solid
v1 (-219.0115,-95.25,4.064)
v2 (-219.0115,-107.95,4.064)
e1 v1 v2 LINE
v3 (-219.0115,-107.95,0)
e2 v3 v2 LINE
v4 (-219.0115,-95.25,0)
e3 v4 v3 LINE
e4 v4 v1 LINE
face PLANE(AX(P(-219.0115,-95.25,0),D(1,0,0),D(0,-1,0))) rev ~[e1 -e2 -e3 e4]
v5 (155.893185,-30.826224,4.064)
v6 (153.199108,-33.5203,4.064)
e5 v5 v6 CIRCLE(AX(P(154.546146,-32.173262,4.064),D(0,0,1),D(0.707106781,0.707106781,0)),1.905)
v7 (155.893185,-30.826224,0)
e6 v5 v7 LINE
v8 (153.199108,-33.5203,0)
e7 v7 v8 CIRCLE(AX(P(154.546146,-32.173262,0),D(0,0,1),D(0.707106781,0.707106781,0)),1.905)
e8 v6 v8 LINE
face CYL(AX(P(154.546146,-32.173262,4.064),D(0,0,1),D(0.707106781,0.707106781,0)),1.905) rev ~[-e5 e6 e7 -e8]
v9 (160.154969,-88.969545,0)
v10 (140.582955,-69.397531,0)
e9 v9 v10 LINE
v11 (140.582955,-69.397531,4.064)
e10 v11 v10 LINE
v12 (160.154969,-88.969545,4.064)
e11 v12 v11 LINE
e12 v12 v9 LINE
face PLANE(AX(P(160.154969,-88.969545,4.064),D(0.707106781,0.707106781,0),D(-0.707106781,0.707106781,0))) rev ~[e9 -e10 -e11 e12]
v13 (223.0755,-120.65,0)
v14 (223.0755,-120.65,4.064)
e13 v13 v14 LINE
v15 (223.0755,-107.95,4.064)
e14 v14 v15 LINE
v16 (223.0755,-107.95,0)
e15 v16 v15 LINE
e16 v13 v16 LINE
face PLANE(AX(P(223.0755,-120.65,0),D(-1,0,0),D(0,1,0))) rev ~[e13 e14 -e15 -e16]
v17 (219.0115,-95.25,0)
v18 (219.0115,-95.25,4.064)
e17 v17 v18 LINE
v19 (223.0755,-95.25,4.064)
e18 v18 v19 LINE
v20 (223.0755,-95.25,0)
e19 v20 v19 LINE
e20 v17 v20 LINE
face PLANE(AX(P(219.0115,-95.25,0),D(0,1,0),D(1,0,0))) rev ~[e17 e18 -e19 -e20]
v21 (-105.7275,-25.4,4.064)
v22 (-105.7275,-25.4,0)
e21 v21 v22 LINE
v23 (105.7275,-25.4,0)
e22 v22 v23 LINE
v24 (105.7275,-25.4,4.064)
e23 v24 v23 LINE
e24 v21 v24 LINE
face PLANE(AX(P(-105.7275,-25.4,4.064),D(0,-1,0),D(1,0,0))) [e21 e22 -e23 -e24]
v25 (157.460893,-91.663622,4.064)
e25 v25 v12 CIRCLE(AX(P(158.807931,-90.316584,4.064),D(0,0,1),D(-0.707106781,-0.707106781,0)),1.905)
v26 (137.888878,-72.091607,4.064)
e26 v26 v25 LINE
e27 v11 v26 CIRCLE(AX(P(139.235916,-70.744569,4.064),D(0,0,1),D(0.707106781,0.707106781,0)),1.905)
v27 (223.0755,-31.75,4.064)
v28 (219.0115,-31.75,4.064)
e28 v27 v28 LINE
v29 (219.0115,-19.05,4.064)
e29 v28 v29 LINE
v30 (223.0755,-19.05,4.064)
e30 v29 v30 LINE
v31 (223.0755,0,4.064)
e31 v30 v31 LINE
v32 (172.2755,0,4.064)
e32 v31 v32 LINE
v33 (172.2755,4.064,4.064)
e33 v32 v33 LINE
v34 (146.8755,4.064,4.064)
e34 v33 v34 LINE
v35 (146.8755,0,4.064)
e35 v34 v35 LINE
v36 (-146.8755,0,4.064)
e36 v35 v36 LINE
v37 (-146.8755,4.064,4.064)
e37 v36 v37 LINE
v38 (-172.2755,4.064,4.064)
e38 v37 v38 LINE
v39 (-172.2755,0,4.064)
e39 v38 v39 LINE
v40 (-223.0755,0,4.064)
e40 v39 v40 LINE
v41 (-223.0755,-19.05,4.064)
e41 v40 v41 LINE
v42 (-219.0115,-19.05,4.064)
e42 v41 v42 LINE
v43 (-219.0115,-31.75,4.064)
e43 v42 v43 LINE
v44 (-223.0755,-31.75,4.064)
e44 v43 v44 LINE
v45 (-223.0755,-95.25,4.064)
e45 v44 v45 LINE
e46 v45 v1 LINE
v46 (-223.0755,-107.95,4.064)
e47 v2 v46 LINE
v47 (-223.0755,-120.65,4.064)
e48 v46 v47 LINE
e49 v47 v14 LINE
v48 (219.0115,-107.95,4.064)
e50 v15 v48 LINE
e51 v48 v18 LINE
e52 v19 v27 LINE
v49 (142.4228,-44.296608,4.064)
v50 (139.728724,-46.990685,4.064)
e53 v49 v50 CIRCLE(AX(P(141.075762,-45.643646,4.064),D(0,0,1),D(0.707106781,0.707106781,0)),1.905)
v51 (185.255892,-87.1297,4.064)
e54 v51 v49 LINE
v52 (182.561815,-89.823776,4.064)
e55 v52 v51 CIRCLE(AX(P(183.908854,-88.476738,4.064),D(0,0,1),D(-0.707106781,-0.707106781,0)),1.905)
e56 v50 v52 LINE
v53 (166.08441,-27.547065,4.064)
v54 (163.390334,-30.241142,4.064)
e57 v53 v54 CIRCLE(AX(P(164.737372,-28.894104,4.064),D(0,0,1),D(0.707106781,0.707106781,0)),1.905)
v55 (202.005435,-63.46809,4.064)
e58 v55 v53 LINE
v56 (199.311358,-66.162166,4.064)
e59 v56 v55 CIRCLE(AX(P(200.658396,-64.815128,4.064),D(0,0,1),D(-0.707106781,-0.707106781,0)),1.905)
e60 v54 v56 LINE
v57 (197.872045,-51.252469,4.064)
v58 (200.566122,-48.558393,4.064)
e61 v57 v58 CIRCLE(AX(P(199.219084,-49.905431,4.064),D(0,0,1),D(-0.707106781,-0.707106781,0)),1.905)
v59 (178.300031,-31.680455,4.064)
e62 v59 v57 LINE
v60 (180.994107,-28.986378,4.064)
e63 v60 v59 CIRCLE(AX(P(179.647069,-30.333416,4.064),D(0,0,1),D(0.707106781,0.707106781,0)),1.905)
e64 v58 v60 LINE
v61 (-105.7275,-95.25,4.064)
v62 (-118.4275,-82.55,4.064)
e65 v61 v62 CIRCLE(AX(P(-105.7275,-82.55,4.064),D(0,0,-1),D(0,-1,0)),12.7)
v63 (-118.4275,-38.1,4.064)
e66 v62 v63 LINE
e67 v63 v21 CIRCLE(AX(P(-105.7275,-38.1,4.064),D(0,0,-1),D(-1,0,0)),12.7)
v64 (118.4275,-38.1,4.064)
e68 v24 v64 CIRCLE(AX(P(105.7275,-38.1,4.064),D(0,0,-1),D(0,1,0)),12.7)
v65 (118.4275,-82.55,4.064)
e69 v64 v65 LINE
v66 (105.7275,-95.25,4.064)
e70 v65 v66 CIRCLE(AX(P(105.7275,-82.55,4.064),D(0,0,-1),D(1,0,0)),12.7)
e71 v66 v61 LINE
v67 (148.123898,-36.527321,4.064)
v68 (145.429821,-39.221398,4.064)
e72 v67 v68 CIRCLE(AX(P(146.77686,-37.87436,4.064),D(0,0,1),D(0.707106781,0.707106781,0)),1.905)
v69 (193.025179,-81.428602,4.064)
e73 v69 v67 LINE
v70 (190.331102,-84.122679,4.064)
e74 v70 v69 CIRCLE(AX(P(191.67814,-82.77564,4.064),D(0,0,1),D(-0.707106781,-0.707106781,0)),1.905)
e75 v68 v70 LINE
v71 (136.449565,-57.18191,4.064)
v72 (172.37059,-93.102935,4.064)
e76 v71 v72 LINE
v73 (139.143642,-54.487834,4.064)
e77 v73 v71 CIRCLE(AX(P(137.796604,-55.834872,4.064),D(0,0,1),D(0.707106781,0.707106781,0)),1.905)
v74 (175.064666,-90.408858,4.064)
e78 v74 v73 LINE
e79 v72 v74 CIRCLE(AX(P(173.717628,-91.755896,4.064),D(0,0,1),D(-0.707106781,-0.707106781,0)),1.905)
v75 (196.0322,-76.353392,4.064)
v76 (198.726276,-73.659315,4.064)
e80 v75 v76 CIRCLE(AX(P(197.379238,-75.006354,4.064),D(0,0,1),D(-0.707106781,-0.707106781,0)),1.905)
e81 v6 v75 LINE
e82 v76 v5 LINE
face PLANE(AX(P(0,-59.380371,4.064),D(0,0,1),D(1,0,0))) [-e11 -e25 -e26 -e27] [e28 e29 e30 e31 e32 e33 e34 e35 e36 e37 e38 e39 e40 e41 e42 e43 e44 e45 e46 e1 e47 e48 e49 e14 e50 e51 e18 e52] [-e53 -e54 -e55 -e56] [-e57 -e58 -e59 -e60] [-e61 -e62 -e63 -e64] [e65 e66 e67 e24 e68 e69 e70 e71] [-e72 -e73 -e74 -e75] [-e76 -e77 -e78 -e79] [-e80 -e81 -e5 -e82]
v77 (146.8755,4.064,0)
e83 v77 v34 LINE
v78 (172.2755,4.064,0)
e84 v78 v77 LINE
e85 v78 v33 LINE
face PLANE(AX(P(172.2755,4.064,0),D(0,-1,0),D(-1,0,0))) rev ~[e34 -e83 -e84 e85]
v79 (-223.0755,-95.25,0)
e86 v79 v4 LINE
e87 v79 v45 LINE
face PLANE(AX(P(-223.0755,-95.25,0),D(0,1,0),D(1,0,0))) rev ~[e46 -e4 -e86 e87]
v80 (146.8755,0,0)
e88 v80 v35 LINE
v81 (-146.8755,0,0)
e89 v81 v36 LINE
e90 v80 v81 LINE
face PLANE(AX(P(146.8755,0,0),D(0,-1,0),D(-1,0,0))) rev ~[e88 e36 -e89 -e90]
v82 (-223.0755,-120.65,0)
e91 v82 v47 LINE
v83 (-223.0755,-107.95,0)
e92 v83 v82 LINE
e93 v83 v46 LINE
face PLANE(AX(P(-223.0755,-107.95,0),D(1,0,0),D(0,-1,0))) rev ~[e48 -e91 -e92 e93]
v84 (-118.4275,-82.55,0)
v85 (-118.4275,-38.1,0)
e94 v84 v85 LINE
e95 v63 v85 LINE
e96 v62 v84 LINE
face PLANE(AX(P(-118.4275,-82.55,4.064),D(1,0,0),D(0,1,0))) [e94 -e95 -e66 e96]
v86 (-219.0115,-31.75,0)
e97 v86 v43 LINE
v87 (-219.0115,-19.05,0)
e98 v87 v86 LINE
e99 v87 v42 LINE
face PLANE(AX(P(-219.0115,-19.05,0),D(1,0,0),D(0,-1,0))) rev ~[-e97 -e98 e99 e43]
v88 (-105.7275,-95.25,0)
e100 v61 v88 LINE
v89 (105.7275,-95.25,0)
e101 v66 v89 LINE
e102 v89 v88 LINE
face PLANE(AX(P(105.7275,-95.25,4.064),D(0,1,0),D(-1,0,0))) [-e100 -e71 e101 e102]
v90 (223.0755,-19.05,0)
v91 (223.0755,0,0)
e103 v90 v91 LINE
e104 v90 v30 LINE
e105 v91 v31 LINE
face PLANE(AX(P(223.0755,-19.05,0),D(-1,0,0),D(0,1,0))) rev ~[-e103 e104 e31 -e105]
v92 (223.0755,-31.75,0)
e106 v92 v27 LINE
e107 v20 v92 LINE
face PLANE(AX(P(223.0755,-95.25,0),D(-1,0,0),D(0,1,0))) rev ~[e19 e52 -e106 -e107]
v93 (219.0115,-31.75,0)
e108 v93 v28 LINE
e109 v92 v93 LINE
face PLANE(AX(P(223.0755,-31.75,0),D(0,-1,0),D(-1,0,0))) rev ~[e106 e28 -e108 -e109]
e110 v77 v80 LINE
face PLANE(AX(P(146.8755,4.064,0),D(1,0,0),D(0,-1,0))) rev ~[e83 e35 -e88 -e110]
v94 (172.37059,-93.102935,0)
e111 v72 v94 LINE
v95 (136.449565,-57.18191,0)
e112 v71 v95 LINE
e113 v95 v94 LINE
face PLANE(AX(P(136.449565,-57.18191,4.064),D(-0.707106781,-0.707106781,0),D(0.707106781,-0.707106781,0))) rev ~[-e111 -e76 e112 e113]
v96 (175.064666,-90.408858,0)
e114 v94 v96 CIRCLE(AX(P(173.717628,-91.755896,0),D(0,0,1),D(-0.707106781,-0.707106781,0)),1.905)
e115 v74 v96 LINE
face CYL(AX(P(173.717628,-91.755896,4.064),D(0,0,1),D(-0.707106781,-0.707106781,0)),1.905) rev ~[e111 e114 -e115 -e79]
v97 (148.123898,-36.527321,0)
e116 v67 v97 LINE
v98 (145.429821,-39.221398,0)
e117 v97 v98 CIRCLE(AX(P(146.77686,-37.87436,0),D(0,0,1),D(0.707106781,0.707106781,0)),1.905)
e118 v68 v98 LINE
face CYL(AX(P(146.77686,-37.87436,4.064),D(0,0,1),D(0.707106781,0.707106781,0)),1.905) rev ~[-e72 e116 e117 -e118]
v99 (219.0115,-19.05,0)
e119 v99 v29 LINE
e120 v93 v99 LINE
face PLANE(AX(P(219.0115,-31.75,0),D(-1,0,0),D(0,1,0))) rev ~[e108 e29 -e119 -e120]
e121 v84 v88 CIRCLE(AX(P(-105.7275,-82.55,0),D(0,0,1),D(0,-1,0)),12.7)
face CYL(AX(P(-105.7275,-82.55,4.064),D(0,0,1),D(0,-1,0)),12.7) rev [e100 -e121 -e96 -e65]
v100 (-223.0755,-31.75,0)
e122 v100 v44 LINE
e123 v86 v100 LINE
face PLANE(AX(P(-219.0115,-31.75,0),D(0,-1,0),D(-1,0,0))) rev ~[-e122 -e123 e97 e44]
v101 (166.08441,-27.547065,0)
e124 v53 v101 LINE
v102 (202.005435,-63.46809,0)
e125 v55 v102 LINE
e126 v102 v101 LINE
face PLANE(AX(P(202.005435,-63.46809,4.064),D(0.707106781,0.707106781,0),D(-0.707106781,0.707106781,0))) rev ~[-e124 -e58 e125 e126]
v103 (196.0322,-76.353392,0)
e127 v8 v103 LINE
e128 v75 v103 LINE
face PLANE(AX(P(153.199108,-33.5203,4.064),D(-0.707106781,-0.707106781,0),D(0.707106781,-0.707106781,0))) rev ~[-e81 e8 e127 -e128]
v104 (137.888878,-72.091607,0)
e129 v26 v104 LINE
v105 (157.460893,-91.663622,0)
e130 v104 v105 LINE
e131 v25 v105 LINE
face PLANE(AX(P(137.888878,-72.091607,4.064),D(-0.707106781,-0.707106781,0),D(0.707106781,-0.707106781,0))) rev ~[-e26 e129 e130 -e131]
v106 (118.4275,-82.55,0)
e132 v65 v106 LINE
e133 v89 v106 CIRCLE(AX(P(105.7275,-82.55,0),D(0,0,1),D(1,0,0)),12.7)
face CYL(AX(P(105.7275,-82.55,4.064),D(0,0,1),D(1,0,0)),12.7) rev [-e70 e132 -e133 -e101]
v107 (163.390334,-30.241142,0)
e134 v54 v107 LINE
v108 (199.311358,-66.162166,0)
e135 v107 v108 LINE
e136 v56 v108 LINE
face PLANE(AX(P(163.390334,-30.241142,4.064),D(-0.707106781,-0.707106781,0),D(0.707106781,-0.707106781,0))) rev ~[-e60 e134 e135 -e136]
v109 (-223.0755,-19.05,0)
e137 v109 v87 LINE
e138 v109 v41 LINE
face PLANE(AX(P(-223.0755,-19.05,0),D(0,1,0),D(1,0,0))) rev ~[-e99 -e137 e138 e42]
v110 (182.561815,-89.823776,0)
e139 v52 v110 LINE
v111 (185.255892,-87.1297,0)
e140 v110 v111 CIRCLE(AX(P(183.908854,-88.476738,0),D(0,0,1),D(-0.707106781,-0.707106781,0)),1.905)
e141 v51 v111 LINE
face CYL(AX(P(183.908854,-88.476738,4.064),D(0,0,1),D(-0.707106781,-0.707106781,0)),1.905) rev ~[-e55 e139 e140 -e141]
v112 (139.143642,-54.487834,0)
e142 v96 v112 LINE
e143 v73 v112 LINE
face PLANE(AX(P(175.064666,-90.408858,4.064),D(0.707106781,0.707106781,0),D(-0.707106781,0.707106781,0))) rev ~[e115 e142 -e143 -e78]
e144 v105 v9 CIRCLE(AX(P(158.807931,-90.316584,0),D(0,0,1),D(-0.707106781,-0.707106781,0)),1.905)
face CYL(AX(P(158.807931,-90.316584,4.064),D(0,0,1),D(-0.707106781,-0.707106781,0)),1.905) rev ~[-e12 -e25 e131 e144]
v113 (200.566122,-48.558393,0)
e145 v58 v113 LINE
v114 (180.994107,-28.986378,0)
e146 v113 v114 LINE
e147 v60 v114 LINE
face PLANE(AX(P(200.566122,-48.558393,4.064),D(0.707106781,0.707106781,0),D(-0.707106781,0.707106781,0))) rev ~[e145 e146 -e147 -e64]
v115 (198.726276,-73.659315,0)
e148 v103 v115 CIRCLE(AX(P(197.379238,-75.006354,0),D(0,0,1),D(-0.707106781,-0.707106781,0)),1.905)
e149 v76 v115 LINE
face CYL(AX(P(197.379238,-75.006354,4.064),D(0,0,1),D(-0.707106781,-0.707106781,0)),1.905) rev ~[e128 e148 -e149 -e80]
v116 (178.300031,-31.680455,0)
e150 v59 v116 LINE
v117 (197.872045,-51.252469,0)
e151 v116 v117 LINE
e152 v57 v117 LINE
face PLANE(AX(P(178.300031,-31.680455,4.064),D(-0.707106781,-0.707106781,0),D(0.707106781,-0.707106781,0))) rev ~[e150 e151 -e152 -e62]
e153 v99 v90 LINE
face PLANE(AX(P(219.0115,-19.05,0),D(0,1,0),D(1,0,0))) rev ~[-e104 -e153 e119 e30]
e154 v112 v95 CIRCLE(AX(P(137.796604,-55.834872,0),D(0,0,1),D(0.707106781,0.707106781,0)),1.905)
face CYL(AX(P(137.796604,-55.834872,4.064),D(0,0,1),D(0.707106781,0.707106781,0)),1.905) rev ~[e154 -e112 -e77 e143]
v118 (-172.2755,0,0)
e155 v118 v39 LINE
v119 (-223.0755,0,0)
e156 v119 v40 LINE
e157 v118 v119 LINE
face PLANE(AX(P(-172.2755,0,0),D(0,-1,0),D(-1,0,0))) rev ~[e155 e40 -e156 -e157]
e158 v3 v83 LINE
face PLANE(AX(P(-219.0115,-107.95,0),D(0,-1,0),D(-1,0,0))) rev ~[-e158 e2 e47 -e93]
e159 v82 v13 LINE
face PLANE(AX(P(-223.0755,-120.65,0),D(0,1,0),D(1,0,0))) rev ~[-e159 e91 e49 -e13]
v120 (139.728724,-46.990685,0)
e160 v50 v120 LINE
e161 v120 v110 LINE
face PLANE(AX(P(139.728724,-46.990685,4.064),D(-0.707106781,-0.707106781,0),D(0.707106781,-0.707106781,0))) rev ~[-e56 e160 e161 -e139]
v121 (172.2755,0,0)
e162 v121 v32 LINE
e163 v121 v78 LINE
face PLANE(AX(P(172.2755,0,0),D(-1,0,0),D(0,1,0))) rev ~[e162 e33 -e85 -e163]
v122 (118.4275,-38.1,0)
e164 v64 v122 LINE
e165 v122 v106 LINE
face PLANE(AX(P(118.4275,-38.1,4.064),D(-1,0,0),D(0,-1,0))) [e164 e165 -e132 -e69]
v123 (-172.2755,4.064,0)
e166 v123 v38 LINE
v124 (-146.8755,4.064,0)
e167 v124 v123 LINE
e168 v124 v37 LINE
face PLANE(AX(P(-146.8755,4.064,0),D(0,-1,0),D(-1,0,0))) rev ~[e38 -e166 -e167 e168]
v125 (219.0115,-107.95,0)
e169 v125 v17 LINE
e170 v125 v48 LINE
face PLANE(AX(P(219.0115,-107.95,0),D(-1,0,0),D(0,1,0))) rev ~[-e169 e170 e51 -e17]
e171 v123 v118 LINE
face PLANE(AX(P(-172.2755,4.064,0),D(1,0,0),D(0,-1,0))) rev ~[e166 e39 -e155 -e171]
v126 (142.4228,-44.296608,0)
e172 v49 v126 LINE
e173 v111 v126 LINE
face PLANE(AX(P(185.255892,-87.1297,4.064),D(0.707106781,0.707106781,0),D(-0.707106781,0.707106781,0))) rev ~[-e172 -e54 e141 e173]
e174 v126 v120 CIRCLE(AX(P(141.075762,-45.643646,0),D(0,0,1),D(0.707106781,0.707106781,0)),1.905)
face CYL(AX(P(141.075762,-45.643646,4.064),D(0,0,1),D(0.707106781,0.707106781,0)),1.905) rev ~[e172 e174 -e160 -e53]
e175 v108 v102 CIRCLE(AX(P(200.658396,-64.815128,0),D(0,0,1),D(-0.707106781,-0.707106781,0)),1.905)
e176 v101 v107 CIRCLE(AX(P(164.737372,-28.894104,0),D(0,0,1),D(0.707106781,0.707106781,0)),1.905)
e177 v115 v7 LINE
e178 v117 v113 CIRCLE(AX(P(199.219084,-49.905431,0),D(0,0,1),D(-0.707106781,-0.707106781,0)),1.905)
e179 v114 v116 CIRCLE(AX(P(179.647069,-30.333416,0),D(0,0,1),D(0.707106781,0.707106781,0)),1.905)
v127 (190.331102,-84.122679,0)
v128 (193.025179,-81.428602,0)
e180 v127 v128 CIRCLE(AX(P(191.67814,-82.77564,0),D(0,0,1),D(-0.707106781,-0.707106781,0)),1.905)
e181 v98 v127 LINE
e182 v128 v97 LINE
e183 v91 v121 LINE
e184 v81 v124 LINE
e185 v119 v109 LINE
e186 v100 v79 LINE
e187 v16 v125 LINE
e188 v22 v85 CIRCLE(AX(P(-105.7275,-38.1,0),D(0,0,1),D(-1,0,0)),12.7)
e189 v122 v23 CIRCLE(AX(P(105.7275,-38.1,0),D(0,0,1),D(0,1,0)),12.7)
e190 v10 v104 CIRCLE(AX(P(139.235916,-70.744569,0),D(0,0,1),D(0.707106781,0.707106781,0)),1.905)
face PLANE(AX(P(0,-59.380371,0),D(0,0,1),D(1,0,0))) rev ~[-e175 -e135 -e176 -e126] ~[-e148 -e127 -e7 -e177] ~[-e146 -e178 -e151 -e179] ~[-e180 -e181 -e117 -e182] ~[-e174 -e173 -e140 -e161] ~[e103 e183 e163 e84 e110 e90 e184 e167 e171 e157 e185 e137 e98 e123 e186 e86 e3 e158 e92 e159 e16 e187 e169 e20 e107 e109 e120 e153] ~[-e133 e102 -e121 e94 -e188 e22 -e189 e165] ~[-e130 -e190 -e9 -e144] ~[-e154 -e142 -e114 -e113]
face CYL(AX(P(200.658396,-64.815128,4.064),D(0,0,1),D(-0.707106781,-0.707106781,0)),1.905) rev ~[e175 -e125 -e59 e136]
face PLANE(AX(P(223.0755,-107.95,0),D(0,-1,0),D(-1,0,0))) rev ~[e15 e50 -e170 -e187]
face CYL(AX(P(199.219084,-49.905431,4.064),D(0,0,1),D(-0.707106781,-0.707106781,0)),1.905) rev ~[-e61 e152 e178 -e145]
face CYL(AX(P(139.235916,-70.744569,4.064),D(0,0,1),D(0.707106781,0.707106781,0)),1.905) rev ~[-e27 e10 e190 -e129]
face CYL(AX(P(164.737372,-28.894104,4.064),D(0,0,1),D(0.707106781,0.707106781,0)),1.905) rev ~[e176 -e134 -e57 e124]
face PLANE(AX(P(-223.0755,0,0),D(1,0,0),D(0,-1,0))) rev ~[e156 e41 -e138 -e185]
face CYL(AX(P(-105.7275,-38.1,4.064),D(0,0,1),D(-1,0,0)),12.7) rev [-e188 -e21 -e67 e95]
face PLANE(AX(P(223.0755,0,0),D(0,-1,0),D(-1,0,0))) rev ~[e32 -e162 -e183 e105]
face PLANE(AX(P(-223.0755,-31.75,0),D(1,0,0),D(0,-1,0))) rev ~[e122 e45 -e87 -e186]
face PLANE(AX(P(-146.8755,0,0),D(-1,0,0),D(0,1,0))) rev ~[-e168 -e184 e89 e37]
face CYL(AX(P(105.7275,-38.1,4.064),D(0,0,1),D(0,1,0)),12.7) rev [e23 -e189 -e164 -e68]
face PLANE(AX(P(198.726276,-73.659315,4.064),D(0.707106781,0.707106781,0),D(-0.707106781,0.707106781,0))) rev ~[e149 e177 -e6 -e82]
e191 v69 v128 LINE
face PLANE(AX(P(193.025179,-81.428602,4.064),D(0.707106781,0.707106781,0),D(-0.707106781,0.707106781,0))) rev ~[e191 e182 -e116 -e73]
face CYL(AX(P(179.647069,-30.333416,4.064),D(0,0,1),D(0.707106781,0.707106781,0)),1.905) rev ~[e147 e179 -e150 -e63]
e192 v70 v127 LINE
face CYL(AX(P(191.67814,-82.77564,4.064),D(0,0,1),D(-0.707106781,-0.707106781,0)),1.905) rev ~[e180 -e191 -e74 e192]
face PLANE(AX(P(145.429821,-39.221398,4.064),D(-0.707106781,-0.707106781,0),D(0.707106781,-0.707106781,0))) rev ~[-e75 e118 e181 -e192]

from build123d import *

# Parameters (mm, degrees)
BOSS_EXTRUDE1_DEPTH = 4.064
CUT_EXTRUDE1_DEPTH  = 5.08


with BuildPart() as part:
    # Sketch1 → Boss-Extrude1 (new body)
    with BuildSketch(Plane.XY):
        Polygon((-223.0755, -19.05), (-219.0115, -19.05), (-219.0115, -31.75), (-223.0755, -31.75), (-223.0755, -95.25), (-219.0115, -95.25), (-219.0115, -107.95), (-223.0755, -107.95), (-223.0755, -120.65), (223.0755, -120.65), (223.0755, -107.95), (219.0115, -107.95), (219.0115, -95.25), (223.0755, -95.25), (223.0755, -31.75), (219.0115, -31.75), (219.0115, -19.05), (223.0755, -19.05), (223.0755, 0), (172.2755, 0), (172.2755, 4.064), (146.8755, 4.064), (146.8755, 0), (-146.8755, 0), (-146.8755, 4.064), (-172.2755, 4.064), (-172.2755, 0), (-223.0755, 0), align=None)
    extrude(amount=BOSS_EXTRUDE1_DEPTH)

    # Sketch2 → Cut-Extrude1 (cut)
    with BuildSketch(Plane.XY.offset(4.064)):
        with BuildLine():
            Line((-105.7275, -25.4), (105.7275, -25.4))
            ThreePointArc((105.7275, -25.4), (114.707756121, -29.119743879), (118.4275, -38.1))
            Line((118.4275, -38.1), (118.4275, -82.55))
            ThreePointArc((118.4275, -82.55), (114.707756121, -91.530256121), (105.7275, -95.25))
            Line((105.7275, -95.25), (-105.7275, -95.25))
            ThreePointArc((-105.7275, -95.25), (-114.707756121, -91.530256121), (-118.4275, -82.55))
            Line((-118.4275, -82.55), (-118.4275, -38.1))
            ThreePointArc((-118.4275, -38.1), (-114.707756121, -29.119743879), (-105.7275, -25.4))
        make_face()
        with BuildLine():
            Line((137.88887808, -72.091607461), (157.460892539, -91.66362192))
            ThreePointArc((157.460892539, -91.66362192), (160.154969375, -91.66362192), (160.154969375, -88.969545084))
            Line((160.154969375, -88.969545084), (140.582954916, -69.397530625))
            ThreePointArc((140.582954916, -69.397530625), (137.88887808, -69.397530625), (137.88887808, -72.091607461))
        make_face()
        with BuildLine():
            Line((175.064666479, -90.408858006), (139.143641994, -54.487833521))
            ThreePointArc((139.143641994, -54.487833521), (136.449565158, -54.487833521), (136.449565158, -57.181910358))
            Line((136.449565158, -57.181910358), (172.370589642, -93.102934842))
            ThreePointArc((172.370589642, -93.102934842), (175.064666479, -93.102934842), (175.064666479, -90.408858006))
        make_face()
        with BuildLine():
            Line((139.728723609, -46.990684627), (182.561815373, -89.823776391))
            ThreePointArc((182.561815373, -89.823776391), (185.255892209, -89.823776391), (185.255892209, -87.129699554))
            Line((185.255892209, -87.129699554), (142.422800446, -44.296607791))
            ThreePointArc((142.422800446, -44.296607791), (139.728723609, -44.296607791), (139.728723609, -46.990684627))
        make_face()
        with BuildLine():
            Line((145.429821279, -39.221398115), (190.331101885, -84.122678721))
            ThreePointArc((190.331101885, -84.122678721), (193.025178721, -84.122678721), (193.025178721, -81.428601885))
            Line((193.025178721, -81.428601885), (148.123898115, -36.527321279))
            ThreePointArc((148.123898115, -36.527321279), (145.429821279, -36.527321279), (145.429821279, -39.221398115))
        make_face()
        with BuildLine():
            Line((153.199107791, -33.520300446), (196.032199554, -76.353392209))
            ThreePointArc((196.032199554, -76.353392209), (198.726276391, -76.353392209), (198.726276391, -73.659315373))
            Line((198.726276391, -73.659315373), (155.893184627, -30.826223609))
            ThreePointArc((155.893184627, -30.826223609), (153.199107791, -30.826223609), (153.199107791, -33.520300446))
        make_face()
        with BuildLine():
            Line((202.005434842, -63.468089642), (166.084410358, -27.547065158))
            ThreePointArc((166.084410358, -27.547065158), (163.390333521, -27.547065158), (163.390333521, -30.241141994))
            Line((163.390333521, -30.241141994), (199.311358006, -66.162166479))
            ThreePointArc((199.311358006, -66.162166479), (202.005434842, -66.162166479), (202.005434842, -63.468089642))
        make_face()
        with BuildLine():
            Line((178.300030625, -31.680454916), (197.872045084, -51.252469375))
            ThreePointArc((197.872045084, -51.252469375), (200.56612192, -51.252469375), (200.56612192, -48.558392539))
            Line((200.56612192, -48.558392539), (180.994107461, -28.98637808))
            ThreePointArc((180.994107461, -28.98637808), (178.300030625, -28.98637808), (178.300030625, -31.680454916))
        make_face()
    extrude(amount=-CUT_EXTRUDE1_DEPTH, mode=Mode.SUBTRACT)


solid = part.part
